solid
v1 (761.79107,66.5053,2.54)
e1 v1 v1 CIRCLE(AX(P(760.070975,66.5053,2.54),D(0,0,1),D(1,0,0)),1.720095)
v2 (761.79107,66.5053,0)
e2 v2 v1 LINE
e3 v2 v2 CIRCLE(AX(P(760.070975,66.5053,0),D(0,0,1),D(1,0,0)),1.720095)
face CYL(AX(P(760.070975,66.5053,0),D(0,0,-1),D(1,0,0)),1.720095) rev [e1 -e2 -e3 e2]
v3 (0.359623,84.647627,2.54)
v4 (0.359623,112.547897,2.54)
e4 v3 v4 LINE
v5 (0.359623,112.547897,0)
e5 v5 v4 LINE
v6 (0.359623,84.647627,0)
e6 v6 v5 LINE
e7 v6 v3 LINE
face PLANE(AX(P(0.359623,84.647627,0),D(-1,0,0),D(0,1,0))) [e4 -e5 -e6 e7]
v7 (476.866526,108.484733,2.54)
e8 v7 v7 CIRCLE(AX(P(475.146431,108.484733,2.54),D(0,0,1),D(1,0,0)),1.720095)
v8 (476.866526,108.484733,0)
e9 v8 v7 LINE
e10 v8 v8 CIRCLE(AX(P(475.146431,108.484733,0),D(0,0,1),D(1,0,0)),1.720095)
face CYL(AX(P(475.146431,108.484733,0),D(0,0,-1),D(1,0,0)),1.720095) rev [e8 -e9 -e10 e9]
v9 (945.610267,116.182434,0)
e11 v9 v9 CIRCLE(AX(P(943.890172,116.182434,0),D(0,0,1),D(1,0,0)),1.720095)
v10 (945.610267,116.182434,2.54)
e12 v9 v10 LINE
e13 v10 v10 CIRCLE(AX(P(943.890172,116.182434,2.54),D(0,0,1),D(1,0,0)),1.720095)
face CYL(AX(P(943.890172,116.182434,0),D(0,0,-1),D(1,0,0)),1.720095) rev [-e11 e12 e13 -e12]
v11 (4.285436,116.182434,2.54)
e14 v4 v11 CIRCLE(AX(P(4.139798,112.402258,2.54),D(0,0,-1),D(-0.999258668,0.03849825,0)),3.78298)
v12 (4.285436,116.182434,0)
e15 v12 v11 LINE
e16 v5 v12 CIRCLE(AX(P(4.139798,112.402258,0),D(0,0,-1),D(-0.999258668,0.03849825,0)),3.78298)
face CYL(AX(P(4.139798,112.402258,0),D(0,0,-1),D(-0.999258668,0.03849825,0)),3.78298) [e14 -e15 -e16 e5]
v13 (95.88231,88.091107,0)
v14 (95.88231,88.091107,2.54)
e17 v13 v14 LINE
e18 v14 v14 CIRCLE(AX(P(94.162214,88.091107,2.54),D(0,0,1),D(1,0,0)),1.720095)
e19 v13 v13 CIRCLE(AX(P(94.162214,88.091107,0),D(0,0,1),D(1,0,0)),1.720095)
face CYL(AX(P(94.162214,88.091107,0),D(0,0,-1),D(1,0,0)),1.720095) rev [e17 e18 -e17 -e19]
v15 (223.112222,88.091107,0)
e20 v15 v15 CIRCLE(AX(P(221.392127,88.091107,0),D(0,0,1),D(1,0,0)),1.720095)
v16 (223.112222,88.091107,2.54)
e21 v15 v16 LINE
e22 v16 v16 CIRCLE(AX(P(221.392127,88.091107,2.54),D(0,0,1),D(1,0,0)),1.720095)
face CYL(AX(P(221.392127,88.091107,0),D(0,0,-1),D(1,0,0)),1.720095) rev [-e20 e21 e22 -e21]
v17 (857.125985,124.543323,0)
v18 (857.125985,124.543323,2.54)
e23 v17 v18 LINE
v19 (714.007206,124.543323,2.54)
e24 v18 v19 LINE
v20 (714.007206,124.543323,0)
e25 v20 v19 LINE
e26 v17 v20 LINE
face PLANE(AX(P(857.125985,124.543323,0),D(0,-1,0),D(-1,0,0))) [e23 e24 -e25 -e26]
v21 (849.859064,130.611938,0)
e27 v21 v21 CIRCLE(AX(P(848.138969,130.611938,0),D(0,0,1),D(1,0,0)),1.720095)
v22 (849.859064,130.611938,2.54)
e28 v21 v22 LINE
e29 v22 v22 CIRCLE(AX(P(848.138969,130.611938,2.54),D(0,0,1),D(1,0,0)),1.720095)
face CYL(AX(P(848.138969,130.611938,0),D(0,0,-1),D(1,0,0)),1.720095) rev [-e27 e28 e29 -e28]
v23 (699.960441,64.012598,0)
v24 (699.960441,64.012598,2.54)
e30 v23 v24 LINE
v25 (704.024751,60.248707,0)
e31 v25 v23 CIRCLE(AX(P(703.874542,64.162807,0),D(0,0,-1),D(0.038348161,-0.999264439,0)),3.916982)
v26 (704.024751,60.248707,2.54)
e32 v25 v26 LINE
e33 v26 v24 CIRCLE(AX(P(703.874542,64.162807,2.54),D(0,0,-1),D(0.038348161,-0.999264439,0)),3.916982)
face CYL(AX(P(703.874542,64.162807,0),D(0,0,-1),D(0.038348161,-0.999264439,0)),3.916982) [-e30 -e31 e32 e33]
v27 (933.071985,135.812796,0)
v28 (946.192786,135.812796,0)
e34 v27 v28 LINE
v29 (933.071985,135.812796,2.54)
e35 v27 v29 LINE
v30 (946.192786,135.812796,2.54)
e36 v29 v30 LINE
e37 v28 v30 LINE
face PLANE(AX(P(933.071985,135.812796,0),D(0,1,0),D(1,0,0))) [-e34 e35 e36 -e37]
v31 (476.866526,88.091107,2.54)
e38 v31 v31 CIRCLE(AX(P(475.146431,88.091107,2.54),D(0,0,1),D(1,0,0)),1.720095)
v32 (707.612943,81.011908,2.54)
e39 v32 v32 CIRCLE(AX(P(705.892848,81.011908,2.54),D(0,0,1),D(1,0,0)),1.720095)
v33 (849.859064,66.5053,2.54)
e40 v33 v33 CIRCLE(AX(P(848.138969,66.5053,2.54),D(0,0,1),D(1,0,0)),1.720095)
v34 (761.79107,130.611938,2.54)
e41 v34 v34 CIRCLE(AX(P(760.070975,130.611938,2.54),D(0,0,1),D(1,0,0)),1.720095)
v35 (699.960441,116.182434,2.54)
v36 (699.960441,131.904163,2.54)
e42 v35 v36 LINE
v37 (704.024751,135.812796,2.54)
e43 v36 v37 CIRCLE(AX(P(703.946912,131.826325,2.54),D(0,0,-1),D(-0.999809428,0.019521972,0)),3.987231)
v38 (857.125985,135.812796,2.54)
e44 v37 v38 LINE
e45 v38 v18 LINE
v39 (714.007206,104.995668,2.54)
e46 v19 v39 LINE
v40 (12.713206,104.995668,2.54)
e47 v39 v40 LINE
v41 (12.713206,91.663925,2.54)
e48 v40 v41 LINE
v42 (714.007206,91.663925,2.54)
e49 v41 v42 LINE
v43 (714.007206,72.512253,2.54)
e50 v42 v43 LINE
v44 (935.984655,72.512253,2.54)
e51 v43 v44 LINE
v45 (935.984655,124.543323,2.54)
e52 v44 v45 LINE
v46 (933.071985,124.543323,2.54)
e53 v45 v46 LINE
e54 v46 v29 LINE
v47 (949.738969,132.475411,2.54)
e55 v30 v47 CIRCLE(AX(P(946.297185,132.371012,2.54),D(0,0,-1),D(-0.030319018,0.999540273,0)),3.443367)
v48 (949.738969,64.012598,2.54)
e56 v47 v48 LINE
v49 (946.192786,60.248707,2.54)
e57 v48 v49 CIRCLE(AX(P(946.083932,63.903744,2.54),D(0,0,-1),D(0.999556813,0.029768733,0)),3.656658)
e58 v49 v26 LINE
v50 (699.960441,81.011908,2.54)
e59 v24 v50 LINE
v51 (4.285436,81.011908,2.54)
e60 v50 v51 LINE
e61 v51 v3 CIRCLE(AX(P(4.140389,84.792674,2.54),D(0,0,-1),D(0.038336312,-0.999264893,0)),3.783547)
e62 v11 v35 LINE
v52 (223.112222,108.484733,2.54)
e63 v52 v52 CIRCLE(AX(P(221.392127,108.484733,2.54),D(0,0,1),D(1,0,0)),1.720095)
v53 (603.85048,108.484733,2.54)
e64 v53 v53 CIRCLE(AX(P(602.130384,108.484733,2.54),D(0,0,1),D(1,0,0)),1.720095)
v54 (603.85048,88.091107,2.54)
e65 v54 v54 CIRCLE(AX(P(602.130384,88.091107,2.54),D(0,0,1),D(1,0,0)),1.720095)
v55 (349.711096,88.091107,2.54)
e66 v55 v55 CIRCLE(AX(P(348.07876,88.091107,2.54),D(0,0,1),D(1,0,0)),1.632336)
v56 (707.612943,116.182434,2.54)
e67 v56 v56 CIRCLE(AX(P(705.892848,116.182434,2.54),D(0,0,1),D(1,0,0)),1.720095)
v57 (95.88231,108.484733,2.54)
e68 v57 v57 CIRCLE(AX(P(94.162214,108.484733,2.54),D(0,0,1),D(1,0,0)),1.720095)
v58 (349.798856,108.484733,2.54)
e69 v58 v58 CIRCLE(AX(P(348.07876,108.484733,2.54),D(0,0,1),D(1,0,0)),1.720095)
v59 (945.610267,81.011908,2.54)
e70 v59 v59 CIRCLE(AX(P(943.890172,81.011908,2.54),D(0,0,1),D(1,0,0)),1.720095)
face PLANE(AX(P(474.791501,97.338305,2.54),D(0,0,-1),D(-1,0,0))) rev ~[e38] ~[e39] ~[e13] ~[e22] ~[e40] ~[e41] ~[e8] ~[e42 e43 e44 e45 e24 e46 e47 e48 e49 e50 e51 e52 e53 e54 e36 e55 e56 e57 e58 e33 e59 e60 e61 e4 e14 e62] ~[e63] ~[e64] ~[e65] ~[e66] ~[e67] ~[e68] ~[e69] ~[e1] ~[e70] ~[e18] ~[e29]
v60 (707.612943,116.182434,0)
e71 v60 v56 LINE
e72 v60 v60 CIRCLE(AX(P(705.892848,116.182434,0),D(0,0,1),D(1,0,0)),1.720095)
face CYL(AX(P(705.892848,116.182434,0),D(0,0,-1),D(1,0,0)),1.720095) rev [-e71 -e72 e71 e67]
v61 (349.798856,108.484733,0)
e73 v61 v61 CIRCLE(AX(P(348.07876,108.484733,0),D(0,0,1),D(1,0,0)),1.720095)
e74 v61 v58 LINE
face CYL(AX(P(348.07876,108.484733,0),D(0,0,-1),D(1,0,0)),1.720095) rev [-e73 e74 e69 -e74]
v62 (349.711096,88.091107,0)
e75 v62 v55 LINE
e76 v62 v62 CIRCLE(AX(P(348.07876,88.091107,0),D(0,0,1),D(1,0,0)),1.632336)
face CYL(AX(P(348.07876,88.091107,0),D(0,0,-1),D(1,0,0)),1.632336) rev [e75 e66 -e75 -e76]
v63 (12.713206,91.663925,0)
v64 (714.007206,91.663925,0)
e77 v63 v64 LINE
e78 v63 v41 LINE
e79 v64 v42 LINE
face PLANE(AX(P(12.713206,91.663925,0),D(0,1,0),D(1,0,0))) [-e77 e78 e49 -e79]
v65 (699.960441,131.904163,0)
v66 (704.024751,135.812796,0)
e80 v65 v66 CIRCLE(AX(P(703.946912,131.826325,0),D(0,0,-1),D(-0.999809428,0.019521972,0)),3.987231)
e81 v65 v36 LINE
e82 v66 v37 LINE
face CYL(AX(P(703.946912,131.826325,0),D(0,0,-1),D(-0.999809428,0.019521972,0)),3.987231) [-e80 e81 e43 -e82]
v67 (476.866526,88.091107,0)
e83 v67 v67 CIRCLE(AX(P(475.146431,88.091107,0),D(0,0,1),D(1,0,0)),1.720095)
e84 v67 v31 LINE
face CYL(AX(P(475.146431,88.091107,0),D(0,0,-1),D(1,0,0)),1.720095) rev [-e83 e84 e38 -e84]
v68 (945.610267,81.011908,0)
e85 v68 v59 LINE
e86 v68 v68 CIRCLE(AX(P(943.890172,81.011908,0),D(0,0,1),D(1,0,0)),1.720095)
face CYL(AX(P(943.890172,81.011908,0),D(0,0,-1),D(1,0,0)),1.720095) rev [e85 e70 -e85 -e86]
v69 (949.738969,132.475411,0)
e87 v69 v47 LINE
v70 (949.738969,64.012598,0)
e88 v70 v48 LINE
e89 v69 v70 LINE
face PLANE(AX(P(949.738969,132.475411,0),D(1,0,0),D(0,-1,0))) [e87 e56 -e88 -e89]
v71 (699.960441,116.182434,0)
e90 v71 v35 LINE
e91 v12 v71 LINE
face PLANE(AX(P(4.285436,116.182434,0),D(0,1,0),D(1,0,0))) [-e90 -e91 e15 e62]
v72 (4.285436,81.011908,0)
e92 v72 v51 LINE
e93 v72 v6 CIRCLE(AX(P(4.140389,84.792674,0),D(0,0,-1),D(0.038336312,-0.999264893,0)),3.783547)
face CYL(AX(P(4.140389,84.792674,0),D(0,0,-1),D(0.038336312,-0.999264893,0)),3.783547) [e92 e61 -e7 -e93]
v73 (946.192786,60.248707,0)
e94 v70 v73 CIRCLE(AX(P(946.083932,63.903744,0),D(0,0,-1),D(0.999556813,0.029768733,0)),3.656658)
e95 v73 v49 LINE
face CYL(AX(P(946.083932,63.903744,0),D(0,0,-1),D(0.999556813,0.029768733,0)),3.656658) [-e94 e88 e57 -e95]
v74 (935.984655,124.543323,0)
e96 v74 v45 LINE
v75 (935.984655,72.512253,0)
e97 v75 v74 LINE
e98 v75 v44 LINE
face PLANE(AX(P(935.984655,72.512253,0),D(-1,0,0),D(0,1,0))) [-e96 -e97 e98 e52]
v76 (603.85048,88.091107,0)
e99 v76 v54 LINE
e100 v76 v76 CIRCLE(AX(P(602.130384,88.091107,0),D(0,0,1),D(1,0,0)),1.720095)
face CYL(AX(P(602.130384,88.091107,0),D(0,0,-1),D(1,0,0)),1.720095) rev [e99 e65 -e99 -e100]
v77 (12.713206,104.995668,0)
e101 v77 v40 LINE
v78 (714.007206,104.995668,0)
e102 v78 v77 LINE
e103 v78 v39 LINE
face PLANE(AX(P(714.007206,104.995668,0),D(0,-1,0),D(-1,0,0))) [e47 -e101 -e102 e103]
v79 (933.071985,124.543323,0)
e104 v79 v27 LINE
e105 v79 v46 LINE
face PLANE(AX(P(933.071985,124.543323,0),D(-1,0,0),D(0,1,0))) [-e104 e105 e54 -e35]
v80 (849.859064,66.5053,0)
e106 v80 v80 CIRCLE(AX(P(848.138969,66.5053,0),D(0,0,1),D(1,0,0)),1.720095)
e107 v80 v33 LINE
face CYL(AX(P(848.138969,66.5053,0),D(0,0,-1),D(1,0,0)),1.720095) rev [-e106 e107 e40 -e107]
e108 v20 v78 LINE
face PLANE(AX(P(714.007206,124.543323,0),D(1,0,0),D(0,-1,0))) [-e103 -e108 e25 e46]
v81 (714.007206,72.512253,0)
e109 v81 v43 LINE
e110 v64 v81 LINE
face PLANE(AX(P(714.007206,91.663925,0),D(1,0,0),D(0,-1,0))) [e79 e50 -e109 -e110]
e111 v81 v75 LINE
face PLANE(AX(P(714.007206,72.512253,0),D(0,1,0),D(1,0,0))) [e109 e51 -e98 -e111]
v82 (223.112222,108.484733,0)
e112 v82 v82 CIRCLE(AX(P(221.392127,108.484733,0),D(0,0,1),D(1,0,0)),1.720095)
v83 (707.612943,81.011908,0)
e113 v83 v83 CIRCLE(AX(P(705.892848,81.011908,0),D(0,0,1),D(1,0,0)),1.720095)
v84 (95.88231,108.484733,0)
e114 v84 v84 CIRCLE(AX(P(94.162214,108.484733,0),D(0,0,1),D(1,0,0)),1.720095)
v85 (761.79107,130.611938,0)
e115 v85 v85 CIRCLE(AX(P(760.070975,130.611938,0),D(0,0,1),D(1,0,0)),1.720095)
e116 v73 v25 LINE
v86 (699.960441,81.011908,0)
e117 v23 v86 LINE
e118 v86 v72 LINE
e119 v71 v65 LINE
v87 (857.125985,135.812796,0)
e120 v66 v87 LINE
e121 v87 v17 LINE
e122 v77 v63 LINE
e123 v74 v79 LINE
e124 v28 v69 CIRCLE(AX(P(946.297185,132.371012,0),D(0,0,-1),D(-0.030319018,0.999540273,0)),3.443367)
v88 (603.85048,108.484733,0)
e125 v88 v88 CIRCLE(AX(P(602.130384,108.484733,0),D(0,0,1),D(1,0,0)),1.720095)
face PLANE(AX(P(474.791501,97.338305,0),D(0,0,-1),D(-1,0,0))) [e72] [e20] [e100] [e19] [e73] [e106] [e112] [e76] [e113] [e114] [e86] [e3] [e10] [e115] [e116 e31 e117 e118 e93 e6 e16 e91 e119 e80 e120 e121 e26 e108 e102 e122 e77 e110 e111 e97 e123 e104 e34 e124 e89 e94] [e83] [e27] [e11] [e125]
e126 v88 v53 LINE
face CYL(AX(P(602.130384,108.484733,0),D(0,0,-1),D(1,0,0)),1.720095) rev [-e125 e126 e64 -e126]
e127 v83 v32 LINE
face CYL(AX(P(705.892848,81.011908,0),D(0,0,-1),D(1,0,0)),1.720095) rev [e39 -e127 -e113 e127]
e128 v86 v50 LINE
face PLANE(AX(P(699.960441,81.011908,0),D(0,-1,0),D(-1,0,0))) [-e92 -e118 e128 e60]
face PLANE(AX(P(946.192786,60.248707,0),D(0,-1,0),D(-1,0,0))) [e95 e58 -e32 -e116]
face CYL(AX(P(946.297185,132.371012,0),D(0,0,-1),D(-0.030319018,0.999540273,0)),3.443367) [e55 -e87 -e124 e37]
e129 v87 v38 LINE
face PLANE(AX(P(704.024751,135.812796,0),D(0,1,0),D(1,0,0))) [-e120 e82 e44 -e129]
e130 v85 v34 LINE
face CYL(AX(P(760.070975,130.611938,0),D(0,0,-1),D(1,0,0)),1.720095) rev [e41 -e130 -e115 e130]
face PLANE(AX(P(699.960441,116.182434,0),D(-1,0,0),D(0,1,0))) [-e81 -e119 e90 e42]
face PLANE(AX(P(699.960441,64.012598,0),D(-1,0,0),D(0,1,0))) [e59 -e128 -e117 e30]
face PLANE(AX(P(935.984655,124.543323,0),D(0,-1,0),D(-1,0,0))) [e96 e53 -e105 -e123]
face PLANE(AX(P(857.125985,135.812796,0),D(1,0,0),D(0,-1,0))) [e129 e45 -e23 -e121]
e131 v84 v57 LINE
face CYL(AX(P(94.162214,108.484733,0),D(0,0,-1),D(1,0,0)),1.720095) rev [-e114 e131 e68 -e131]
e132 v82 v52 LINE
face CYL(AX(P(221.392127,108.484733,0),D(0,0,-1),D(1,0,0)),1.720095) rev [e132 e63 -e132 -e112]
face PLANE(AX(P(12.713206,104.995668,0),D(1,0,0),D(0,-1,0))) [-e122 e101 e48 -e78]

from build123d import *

# Parameters (mm, degrees)
SKETCH1_R           = 1.720095417
SKETCH1_R_2         = 1.632335783
BOSS_EXTRUDE1_DEPTH = 2.54


with BuildPart() as part:
    # Sketch1 → Boss-Extrude1 (new body)
    with BuildSketch(Plane.XY):
        with BuildLine():
            Line((0.359622665, 112.547896558), (0.359622665, 84.647626996))
            ThreePointArc((0.359622665, 84.647626996), (1.569547298, 82.016705042), (4.285435965, 81.011908201))
            Line((4.285435965, 81.011908201), (699.960441306, 81.011908201))
            Line((699.960441306, 81.011908201), (699.960441306, 64.012598058))
            ThreePointArc((699.960441306, 64.012598058), (701.213068629, 61.288906282), (704.024750828, 60.24870663))
            Line((704.024750828, 60.24870663), (946.192785632, 60.24870663))
            ThreePointArc((946.192785632, 60.24870663), (948.74540471, 61.39621374), (949.738968911, 64.012598058))
            Line((949.738968911, 64.012598058), (949.738968911, 132.475411377))
            ThreePointArc((949.738968911, 132.475411377), (948.657072186, 134.878542119), (946.192785632, 135.812795653))
            Line((946.192785632, 135.812795653), (933.071984653, 135.812795653))
            Line((933.071984653, 135.812795653), (933.071984653, 124.543323228))
            Line((933.071984653, 124.543323228), (935.984655082, 124.543323228))
            Line((935.984655082, 124.543323228), (935.984655082, 72.51225313))
            Line((935.984655082, 72.51225313), (714.00720644, 72.51225313))
            Line((714.00720644, 72.51225313), (714.00720644, 91.663924817))
            Line((714.00720644, 91.663924817), (12.71320644, 91.663924817))
            Line((12.71320644, 91.663924817), (12.71320644, 104.995667719))
            Line((12.71320644, 104.995667719), (714.00720644, 104.995667719))
            Line((714.00720644, 104.995667719), (714.00720644, 124.543323228))
            Line((714.00720644, 124.543323228), (857.125984653, 124.543323228))
            Line((857.125984653, 124.543323228), (857.125984653, 135.812795653))
            Line((857.125984653, 135.812795653), (704.024750828, 135.812795653))
            ThreePointArc((704.024750828, 135.812795653), (701.183091811, 134.700225562), (699.960441306, 131.904163347))
            Line((699.960441306, 131.904163347), (699.960441306, 116.18243367))
            Line((699.960441306, 116.18243367), (4.285435965, 116.18243367))
            ThreePointArc((4.285435965, 116.18243367), (1.569792033, 115.17822767), (0.359622665, 112.547896558))
        make_face()
        with Locations((94.1622142, 88.091107164)):
            Circle(SKETCH1_R, mode=Mode.SUBTRACT)
        with Locations((221.392126764, 88.091107164)):
            Circle(SKETCH1_R, mode=Mode.SUBTRACT)
        with Locations((348.078760153, 88.091107164)):
            Circle(SKETCH1_R_2, mode=Mode.SUBTRACT)
        with Locations((760.070975046, 66.505299661)):
            Circle(SKETCH1_R, mode=Mode.SUBTRACT)
        with Locations((848.138968911, 66.505299661)):
            Circle(SKETCH1_R, mode=Mode.SUBTRACT)
        with Locations((475.146430575, 88.091107164)):
            Circle(SKETCH1_R, mode=Mode.SUBTRACT)
        with Locations((705.892847696, 81.011908201)):
            Circle(SKETCH1_R, mode=Mode.SUBTRACT)
        with Locations((602.130384222, 88.091107164)):
            Circle(SKETCH1_R, mode=Mode.SUBTRACT)
        with Locations((943.890172073, 81.011908201)):
            Circle(SKETCH1_R, mode=Mode.SUBTRACT)
        with Locations((94.1622142, 108.484732819)):
            Circle(SKETCH1_R, mode=Mode.SUBTRACT)
        with Locations((221.392126764, 108.484732819)):
            Circle(SKETCH1_R, mode=Mode.SUBTRACT)
        with Locations((348.078760153, 108.484732819)):
            Circle(SKETCH1_R, mode=Mode.SUBTRACT)
        with Locations((475.146430575, 108.484732819)):
            Circle(SKETCH1_R, mode=Mode.SUBTRACT)
        with Locations((602.130384222, 108.484732819)):
            Circle(SKETCH1_R, mode=Mode.SUBTRACT)
        with Locations((705.892847696, 116.18243367)):
            Circle(SKETCH1_R, mode=Mode.SUBTRACT)
        with Locations((943.890172073, 116.18243367)):
            Circle(SKETCH1_R, mode=Mode.SUBTRACT)
        with Locations((760.070975046, 130.611938178)):
            Circle(SKETCH1_R, mode=Mode.SUBTRACT)
        with Locations((848.138968911, 130.611938178)):
            Circle(SKETCH1_R, mode=Mode.SUBTRACT)
    extrude(amount=BOSS_EXTRUDE1_DEPTH)


solid = part.part
